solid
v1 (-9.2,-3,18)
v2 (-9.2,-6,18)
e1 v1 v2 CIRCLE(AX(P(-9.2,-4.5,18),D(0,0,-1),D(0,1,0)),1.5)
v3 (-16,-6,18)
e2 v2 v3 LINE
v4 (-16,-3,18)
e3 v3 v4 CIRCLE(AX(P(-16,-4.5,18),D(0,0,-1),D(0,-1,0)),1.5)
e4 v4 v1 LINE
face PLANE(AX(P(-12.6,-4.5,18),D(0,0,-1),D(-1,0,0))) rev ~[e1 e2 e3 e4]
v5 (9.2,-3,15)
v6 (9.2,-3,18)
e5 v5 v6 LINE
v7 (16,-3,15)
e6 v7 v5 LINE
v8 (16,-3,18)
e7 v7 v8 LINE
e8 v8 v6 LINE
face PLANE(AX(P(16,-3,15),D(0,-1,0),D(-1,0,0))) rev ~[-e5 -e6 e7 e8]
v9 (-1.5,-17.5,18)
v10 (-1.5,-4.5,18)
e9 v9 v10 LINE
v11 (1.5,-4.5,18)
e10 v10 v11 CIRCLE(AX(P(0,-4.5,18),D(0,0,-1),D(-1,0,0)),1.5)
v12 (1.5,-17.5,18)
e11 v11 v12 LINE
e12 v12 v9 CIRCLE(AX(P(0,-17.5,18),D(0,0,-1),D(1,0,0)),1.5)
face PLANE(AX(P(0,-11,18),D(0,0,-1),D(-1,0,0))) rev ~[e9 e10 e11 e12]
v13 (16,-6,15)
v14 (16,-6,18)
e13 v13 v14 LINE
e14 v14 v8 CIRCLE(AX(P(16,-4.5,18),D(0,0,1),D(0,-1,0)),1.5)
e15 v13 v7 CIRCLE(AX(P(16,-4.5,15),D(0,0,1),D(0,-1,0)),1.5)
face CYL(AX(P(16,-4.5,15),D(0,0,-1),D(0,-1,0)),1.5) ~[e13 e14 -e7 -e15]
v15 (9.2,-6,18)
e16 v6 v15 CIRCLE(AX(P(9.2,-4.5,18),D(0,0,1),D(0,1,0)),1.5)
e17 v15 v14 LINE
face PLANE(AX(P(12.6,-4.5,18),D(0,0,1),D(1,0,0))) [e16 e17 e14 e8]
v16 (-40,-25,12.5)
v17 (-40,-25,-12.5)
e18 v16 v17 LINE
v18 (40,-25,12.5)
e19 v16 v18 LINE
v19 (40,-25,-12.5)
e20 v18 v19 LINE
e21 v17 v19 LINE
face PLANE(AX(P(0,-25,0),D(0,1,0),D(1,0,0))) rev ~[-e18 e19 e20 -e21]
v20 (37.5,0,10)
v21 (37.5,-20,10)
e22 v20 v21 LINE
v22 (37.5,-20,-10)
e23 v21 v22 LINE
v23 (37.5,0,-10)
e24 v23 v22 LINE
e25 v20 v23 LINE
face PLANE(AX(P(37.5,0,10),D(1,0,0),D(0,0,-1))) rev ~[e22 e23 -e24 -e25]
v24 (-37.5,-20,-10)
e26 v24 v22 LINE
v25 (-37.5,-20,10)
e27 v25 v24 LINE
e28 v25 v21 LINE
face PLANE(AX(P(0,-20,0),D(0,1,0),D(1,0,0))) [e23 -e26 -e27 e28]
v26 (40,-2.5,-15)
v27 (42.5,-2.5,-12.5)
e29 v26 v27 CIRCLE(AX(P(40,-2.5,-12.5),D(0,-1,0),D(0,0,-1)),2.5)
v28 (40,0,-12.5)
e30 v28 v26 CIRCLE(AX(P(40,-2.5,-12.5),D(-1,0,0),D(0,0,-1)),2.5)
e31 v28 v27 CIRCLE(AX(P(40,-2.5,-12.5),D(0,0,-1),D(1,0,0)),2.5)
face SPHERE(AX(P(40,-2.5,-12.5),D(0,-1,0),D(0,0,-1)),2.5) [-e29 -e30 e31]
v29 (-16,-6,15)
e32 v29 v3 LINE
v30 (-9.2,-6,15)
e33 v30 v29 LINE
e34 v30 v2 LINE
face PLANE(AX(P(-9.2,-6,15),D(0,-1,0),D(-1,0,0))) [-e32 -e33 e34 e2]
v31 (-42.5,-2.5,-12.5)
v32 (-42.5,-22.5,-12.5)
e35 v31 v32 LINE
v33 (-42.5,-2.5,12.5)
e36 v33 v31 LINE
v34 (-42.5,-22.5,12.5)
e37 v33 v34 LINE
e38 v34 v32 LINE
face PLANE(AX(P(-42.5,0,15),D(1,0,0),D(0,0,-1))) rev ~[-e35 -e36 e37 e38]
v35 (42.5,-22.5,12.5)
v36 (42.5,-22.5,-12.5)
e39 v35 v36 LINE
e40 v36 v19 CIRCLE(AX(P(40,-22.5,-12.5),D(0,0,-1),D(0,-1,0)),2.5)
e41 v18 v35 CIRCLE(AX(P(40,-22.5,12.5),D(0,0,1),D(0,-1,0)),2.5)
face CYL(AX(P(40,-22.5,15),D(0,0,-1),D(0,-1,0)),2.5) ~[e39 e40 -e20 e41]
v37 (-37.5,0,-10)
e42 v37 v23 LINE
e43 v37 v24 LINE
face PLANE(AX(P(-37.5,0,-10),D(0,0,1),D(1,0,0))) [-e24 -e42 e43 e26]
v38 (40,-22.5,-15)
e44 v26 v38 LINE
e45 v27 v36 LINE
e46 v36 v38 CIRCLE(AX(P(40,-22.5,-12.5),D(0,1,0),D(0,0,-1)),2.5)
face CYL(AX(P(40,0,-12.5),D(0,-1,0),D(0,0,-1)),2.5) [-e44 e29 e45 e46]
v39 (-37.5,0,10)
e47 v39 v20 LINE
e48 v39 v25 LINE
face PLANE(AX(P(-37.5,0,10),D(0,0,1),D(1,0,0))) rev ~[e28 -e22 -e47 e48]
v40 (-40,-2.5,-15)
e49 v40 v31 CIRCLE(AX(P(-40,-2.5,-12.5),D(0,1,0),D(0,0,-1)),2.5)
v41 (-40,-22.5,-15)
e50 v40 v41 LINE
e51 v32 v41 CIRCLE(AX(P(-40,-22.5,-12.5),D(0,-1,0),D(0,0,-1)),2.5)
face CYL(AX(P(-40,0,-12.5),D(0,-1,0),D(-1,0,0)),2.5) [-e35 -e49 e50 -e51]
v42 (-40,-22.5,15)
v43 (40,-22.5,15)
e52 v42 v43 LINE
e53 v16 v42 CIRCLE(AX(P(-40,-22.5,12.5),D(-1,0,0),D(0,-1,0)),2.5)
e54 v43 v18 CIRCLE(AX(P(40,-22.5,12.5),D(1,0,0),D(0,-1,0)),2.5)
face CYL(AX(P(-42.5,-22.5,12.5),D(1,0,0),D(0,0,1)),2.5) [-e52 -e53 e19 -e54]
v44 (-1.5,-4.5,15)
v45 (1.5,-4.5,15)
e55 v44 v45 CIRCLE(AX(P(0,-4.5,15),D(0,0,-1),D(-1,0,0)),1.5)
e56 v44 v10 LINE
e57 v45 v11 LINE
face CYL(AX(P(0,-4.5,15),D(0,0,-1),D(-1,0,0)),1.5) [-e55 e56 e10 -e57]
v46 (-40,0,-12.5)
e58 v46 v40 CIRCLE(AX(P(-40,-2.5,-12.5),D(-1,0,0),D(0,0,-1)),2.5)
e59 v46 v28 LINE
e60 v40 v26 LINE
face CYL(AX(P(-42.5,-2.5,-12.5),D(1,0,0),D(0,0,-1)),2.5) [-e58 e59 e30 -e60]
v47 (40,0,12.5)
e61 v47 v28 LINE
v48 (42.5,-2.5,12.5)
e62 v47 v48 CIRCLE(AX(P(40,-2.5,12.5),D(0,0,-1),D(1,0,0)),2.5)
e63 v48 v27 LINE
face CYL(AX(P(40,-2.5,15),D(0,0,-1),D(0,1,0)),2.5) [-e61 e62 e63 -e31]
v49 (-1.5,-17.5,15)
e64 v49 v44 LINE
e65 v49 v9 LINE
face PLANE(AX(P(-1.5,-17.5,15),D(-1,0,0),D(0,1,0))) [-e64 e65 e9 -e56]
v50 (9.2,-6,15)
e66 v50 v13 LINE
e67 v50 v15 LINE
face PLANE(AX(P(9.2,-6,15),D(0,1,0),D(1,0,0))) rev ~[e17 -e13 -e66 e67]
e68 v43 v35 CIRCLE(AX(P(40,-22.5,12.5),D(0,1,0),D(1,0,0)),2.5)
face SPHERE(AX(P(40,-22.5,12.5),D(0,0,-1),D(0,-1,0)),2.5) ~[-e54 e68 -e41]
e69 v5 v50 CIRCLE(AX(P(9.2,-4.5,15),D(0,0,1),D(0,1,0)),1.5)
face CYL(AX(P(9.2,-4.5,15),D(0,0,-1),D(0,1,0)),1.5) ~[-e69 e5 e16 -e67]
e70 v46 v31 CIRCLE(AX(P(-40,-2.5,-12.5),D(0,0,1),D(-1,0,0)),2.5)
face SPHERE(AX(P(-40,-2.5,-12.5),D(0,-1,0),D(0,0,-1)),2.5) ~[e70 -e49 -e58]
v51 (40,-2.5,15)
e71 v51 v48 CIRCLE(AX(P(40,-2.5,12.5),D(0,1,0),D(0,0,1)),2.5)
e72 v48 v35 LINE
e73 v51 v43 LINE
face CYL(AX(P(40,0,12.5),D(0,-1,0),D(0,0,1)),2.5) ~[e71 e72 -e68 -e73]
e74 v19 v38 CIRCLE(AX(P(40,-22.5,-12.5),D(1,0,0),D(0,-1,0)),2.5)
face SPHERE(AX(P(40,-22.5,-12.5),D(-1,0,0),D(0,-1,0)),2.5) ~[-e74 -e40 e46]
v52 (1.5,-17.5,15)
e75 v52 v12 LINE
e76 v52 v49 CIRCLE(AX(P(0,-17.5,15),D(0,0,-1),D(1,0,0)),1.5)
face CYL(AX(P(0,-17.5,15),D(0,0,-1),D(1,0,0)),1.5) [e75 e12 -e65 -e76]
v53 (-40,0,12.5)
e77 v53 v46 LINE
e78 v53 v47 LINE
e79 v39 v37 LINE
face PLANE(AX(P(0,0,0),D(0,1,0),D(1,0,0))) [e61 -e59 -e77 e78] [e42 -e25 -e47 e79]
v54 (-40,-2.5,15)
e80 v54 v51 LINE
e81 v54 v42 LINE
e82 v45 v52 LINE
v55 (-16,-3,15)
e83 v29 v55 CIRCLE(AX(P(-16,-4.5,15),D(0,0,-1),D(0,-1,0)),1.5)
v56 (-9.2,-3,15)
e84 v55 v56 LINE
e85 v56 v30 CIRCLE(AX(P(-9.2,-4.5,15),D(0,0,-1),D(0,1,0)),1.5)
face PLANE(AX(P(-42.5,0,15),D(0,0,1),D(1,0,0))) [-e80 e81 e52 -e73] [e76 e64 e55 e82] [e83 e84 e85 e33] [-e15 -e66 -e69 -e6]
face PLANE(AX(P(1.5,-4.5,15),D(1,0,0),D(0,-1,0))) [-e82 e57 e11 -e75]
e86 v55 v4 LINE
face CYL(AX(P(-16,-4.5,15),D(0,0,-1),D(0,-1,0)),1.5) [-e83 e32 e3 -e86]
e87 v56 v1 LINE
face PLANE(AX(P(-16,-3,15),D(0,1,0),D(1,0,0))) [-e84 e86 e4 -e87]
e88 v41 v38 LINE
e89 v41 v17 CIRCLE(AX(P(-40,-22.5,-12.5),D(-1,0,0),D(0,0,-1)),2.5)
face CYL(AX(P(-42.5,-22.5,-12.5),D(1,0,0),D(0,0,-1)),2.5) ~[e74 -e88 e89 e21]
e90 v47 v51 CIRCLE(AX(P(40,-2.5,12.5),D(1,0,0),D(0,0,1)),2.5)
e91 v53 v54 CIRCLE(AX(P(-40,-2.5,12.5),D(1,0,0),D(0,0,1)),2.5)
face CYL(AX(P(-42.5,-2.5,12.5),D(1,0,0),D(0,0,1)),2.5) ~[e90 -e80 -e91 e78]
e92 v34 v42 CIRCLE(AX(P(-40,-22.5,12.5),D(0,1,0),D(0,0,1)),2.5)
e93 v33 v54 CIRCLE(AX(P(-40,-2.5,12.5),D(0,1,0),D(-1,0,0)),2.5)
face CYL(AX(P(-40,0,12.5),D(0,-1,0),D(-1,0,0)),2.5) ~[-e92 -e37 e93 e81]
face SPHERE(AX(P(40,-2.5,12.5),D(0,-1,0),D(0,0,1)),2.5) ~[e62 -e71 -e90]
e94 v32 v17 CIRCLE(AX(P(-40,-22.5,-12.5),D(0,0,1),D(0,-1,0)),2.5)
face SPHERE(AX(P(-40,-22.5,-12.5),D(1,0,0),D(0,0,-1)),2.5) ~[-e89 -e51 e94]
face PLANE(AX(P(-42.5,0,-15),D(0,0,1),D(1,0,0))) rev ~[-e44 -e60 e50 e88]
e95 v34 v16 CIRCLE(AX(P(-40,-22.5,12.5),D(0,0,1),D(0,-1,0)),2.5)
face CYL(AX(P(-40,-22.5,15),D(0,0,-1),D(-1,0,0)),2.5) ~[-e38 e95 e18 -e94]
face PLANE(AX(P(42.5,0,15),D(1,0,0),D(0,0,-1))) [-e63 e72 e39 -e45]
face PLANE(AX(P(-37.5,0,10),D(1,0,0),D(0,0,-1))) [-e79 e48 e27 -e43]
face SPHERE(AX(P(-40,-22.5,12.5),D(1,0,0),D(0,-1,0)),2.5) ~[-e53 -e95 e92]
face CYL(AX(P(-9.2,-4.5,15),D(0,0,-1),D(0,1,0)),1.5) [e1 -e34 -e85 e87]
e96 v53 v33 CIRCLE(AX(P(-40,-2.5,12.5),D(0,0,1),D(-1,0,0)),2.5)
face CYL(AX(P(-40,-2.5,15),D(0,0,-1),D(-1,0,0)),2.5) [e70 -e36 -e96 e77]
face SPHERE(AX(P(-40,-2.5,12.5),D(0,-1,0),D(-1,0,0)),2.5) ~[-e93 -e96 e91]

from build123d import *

# Parameters (mm, degrees)
SKETCH_1_W          = 75
SKETCH_1_H          = 20
EXTRUDE_1_DEPTH     = 20
SKETCH_2_W          = 85
SKETCH_2_H          = 30
EXTRUDE_2_DEPTH     = 25
SKETCH_3_W          = 75
SKETCH_3_H          = 20
CUT_EXTRUDE_1_DEPTH = 20
EXTRUDE_3_DEPTH     = 3
FILLET_1_R          = 2.5


with BuildPart() as part:
    # Sketch 1 → Extrude 1 (new body)
    with BuildSketch(Plane(origin=(0, 0, 0), x_dir=(1, 0, 0), z_dir=(0, 1, 0))):
        Rectangle(SKETCH_1_W, SKETCH_1_H)
    extrude(amount=-EXTRUDE_1_DEPTH)

    # Sketch 2 → Extrude 2 (add)
    with BuildSketch(Plane(origin=(0, 0, 0), x_dir=(1, 0, 0), z_dir=(0, 1, 0))):
        Rectangle(SKETCH_2_W, SKETCH_2_H)
    extrude(amount=-EXTRUDE_2_DEPTH)

    # Sketch 3 → Cut-Extrude 1 (cut)
    with BuildSketch(Plane(origin=(0, 0, 0), x_dir=(1, 0, 0), z_dir=(0, 1, 0))):
        Rectangle(SKETCH_3_W, SKETCH_3_H)
    extrude(amount=-CUT_EXTRUDE_1_DEPTH, mode=Mode.SUBTRACT)

    # Sketch 5 → Extrude 3 (add)
    with BuildSketch(Plane.XY.offset(15)):
        with BuildLine():
            Line((-16, -3), (-9.2, -3))
            ThreePointArc((-9.2, -3), (-7.7, -4.5), (-9.2, -6))
            Line((-9.2, -6), (-16, -6))
            ThreePointArc((-16, -6), (-17.5, -4.5), (-16, -3))
        make_face()
        with BuildLine():
            Line((16, -3), (9.2, -3))
            ThreePointArc((9.2, -3), (7.7, -4.5), (9.2, -6))
            Line((9.2, -6), (16, -6))
            ThreePointArc((16, -6), (17.5, -4.5), (16, -3))
        make_face()
        with BuildLine():
            Line((1.5, -4.5), (1.5, -17.5))
            ThreePointArc((1.5, -17.5), (0, -19), (-1.5, -17.5))
            Line((-1.5, -17.5), (-1.5, -4.5))
            ThreePointArc((-1.5, -4.5), (0, -3), (1.5, -4.5))
        make_face()
    extrude(amount=EXTRUDE_3_DEPTH)

    # Fillet 1
    fillet_1_edges = [part.edges().sort_by_distance(p)[0] for p in [
        (0, -25, -15),
        (-42.5, -12.5, -15),
        (42.5, -25, 0),
        (42.5, -12.5, -15),
        (0, -25, 15),
        (42.5, -12.5, 15),
        (-42.5, -25, 0),
        (-42.5, -12.5, 15),
        (0, 0, -15),
        (-42.5, 0, 0),
        (0, 0, 15),
        (42.5, 0, 0),
    ]]
    fillet(fillet_1_edges, radius=FILLET_1_R)


solid = part.part
